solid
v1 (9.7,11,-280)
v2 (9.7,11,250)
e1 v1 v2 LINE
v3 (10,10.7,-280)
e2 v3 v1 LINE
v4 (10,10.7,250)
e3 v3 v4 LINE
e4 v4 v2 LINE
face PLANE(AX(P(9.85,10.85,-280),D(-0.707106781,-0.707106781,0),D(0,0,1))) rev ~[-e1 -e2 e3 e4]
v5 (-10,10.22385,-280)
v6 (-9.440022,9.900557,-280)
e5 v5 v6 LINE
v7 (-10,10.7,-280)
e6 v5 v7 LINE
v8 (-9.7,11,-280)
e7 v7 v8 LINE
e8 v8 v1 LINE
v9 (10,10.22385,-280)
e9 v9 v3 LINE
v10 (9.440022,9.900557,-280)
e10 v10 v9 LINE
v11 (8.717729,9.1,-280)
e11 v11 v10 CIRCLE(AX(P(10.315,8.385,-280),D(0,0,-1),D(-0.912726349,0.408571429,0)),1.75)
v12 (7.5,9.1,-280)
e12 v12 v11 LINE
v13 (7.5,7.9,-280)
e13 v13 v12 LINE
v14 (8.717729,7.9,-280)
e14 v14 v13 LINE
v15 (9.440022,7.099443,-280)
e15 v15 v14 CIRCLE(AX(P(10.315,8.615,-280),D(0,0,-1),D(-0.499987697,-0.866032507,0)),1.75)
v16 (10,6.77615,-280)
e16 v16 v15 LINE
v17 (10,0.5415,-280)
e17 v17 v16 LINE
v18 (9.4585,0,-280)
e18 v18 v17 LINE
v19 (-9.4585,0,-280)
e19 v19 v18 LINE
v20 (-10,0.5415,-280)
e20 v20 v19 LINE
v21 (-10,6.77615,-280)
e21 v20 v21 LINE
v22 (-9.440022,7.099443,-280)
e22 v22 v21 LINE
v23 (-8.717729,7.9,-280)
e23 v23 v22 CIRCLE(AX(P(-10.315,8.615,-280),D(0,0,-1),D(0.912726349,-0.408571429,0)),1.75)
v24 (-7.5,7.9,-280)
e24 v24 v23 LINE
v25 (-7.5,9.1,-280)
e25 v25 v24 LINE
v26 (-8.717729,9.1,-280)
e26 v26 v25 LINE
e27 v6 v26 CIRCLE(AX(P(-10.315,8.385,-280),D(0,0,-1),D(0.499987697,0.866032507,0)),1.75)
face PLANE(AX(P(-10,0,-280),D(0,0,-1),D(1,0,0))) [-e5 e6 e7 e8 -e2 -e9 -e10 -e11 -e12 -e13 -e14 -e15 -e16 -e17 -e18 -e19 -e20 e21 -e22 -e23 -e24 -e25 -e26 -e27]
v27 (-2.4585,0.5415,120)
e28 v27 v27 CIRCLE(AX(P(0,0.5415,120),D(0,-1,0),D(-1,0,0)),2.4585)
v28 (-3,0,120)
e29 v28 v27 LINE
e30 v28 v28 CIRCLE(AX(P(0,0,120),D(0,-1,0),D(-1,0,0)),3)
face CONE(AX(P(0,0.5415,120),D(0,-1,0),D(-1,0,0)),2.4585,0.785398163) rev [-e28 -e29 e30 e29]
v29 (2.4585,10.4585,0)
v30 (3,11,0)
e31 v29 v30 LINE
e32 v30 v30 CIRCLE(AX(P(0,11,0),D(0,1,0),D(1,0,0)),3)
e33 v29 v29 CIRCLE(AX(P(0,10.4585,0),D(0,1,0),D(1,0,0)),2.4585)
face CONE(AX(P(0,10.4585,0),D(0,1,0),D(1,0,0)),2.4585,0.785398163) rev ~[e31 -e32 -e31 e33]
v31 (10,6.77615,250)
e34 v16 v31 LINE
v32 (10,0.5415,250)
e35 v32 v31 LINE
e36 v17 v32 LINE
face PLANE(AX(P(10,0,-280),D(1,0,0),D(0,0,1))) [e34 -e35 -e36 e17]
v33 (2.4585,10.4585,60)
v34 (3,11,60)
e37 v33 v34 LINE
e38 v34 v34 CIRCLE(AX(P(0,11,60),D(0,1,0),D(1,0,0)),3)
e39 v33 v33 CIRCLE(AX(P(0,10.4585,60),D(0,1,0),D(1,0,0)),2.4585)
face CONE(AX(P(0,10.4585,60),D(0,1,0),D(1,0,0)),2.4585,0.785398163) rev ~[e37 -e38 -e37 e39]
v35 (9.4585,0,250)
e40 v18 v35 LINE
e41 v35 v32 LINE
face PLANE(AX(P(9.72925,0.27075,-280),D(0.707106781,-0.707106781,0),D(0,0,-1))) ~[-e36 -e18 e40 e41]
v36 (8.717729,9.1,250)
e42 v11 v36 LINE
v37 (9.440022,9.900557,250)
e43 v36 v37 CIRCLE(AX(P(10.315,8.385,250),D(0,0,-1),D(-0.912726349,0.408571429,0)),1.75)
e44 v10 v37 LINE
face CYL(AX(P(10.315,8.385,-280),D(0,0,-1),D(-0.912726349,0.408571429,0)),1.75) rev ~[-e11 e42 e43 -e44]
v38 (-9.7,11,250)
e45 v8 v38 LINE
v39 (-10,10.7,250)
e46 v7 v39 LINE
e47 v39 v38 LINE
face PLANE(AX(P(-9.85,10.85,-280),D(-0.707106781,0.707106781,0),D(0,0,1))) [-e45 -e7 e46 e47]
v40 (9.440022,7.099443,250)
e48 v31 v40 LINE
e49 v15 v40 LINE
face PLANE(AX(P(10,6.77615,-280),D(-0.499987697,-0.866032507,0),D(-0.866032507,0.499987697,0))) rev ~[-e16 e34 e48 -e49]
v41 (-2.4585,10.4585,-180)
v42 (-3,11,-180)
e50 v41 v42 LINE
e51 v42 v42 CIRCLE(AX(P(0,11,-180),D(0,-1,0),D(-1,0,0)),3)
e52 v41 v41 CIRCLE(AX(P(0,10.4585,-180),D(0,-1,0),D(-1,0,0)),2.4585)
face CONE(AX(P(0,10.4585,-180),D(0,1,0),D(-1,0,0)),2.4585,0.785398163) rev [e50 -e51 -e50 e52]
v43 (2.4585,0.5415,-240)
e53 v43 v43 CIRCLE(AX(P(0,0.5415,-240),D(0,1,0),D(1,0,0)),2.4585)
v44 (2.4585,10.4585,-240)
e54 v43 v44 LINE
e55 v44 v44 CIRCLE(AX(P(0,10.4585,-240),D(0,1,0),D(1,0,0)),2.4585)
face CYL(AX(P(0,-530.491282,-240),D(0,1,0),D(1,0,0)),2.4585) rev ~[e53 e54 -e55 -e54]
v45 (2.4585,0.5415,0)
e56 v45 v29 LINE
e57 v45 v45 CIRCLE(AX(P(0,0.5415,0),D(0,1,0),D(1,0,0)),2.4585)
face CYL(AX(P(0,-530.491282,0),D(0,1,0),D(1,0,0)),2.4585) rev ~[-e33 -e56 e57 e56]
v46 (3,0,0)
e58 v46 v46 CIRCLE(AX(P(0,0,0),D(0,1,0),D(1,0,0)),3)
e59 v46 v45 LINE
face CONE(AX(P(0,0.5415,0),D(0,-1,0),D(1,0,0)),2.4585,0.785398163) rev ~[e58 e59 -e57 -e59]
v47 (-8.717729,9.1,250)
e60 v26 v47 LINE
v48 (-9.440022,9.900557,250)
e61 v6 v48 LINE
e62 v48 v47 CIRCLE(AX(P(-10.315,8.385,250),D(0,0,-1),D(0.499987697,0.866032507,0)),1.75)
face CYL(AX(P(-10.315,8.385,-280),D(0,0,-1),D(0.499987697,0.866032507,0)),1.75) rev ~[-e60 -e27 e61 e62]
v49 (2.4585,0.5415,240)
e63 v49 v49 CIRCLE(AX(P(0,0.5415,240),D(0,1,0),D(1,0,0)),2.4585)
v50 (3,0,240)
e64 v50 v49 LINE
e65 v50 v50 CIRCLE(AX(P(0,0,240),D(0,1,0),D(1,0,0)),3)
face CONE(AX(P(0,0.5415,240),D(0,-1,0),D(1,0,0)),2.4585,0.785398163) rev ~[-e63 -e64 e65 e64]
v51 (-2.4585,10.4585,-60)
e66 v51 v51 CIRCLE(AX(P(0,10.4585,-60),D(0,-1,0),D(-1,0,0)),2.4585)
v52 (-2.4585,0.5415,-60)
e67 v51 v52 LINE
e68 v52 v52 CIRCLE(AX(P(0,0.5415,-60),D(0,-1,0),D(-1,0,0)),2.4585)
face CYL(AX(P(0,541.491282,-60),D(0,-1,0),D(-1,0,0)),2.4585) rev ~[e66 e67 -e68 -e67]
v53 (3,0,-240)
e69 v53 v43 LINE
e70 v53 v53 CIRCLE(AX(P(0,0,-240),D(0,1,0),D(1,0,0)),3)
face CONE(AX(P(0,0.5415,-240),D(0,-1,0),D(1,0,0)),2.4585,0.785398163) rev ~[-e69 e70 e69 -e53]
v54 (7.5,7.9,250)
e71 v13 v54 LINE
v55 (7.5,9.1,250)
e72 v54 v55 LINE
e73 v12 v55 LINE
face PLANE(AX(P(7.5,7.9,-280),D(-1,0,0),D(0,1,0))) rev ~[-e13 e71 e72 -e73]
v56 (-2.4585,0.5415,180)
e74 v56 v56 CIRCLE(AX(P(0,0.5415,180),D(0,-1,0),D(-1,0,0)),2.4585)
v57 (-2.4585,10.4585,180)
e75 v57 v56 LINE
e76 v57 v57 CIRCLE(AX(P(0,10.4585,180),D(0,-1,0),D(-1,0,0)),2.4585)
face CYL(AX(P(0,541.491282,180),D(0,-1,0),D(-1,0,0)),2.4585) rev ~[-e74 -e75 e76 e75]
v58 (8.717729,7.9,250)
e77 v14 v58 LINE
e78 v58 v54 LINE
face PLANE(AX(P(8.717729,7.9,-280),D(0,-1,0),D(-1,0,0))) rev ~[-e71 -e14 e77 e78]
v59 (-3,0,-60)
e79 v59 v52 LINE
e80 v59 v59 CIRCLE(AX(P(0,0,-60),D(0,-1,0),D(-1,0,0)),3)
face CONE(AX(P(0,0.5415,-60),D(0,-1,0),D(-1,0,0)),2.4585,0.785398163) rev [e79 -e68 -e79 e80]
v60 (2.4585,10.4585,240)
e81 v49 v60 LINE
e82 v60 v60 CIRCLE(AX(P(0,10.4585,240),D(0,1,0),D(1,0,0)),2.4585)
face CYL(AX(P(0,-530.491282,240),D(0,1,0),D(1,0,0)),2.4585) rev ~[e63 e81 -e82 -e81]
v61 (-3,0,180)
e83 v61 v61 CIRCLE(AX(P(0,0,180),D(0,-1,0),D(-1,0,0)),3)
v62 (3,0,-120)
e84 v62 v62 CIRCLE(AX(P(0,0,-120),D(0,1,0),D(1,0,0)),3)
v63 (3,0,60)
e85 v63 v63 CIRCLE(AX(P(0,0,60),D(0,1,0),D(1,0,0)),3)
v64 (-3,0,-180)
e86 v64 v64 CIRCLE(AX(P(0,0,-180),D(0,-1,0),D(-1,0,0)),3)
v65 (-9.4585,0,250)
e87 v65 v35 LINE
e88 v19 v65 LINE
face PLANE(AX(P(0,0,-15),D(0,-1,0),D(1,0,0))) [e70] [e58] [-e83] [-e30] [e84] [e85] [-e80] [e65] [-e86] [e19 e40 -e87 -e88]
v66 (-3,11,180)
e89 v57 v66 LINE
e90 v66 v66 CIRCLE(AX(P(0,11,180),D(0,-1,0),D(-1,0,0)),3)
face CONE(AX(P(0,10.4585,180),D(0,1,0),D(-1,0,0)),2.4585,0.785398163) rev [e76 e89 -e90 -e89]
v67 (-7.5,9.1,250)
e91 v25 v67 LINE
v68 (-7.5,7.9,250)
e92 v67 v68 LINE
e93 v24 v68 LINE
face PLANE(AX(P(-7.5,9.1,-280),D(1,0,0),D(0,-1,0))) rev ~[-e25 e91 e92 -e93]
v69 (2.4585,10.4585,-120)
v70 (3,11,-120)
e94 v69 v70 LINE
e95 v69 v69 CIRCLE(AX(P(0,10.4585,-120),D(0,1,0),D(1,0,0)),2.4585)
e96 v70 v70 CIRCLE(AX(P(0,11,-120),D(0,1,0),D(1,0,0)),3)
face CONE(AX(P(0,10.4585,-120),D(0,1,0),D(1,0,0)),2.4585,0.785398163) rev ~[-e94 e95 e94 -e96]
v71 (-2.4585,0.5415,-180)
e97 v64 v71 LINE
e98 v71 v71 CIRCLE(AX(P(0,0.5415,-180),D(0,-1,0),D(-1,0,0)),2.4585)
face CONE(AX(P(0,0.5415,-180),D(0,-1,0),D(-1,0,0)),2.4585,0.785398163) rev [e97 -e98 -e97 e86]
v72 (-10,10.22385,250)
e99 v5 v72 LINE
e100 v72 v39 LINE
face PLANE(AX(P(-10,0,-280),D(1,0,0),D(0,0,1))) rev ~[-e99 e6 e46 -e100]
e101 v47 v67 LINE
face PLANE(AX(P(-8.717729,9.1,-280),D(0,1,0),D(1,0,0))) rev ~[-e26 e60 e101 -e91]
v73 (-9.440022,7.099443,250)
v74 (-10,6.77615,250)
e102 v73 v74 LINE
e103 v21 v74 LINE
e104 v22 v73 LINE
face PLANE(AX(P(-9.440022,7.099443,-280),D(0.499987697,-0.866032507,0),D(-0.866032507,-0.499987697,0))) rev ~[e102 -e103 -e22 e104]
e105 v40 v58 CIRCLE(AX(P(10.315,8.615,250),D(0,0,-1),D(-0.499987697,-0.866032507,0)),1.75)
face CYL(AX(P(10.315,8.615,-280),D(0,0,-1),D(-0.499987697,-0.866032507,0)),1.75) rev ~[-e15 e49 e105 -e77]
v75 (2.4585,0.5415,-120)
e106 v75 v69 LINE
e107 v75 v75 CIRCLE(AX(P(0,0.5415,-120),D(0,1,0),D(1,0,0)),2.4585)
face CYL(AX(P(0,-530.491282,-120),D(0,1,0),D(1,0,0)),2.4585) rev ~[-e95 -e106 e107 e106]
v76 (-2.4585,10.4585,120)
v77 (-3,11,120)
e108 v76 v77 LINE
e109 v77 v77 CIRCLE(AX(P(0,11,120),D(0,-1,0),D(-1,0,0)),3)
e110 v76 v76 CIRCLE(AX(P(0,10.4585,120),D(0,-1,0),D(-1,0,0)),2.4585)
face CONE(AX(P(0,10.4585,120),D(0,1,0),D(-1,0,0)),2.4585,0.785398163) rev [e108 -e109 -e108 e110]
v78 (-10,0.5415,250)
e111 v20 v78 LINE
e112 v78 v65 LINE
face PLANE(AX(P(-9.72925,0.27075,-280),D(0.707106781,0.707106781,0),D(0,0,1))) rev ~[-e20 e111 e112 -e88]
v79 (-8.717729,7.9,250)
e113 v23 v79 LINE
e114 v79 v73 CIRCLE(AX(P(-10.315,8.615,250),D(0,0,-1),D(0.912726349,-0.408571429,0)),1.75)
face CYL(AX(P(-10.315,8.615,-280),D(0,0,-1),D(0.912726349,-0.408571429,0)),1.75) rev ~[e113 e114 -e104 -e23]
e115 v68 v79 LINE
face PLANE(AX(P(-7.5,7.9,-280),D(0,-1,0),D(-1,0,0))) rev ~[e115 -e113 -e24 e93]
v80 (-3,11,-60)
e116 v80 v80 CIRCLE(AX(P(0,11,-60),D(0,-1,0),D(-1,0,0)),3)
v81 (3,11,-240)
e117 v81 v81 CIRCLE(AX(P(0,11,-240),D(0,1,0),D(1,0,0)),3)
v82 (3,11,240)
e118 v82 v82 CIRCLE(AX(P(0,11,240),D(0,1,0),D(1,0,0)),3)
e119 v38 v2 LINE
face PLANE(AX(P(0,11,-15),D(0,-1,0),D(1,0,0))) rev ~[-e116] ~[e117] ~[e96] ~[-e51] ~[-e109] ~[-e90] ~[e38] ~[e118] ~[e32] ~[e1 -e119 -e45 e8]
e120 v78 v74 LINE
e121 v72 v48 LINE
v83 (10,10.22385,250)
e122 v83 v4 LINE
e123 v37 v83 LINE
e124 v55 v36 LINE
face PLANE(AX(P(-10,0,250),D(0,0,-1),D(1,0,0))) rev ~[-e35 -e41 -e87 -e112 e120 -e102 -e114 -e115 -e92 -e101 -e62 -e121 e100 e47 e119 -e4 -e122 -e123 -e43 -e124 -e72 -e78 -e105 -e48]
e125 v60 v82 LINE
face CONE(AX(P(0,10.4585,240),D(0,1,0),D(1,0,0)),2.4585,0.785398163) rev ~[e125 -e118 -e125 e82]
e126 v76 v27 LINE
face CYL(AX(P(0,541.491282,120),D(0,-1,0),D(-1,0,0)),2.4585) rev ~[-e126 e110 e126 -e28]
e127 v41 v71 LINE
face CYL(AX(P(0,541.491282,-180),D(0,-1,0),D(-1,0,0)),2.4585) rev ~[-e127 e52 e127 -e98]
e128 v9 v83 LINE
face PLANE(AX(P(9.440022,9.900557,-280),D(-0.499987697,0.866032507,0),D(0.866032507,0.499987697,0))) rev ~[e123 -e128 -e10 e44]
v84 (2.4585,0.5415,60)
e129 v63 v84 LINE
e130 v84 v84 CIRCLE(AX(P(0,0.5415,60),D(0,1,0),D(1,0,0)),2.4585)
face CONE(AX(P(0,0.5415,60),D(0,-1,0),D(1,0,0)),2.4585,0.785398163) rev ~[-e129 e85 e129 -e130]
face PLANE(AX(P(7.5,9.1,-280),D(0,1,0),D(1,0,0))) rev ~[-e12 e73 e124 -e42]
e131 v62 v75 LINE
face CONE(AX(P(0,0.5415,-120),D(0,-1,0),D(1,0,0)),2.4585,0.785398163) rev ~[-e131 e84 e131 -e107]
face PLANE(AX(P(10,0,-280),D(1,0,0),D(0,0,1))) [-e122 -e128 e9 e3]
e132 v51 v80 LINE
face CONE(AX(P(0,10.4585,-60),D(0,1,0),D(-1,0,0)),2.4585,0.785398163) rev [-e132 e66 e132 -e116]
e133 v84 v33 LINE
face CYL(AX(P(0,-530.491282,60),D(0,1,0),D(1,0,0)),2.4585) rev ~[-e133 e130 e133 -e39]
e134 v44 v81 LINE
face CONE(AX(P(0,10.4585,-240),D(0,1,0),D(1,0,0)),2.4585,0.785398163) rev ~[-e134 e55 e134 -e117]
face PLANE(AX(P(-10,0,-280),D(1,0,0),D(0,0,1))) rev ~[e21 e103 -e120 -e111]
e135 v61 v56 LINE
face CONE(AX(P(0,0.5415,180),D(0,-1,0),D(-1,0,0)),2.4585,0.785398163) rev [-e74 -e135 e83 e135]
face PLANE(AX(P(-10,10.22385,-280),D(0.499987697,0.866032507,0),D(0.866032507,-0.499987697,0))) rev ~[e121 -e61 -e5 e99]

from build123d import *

# Parameters (mm, degrees)
ESQUISSE1_W             = 20
ESQUISSE1_H             = 530
BOSS_EXTRU_1_DEPTH      = 11
ENL_V_MAT_EXTRU_1_DEPTH = 531.208449574
ENL_V_MAT_EXTRU_2_DEPTH = 531.208449574
ENL_V_MAT_EXTRU_3_DEPTH = 531.208449574
ENL_V_MAT_EXTRU_4_DEPTH = 531.208449574
PER_AGE1_D              = 4.917
PER_AGE2_D              = 4.917
CHANFREIN1_SIZE         = 0.5415
CHANFREIN2_SIZE         = 0.3


with BuildPart() as part:
    # Esquisse1 → Boss.-Extru.1 (new body)
    with BuildSketch(Plane.XZ):
        with Locations((0, -15)):
            Rectangle(ESQUISSE1_W, ESQUISSE1_H)
    extrude(amount=-BOSS_EXTRU_1_DEPTH)

    # Esquisse2 → Enlèv. mat.-Extru.1 (cut, through all)
    with BuildSketch(Plane(origin=(0, 0, -280), x_dir=(-1, 0, 0), z_dir=(0, 0, -1))):
        with BuildLine():
            Line((10, 7.9), (10, 10.22385))
            Line((10, 10.22385), (9.440021531, 9.900556887))
            ThreePointArc((9.440021531, 9.900556887), (9.015681976, 9.557293765), (8.71772889, 9.1))
            Line((8.71772889, 9.1), (7.5, 9.1))
            Line((7.5, 9.1), (7.5, 7.9))
            Line((7.5, 7.9), (10, 7.9))
        make_face()
    extrude(amount=-ENL_V_MAT_EXTRU_1_DEPTH, mode=Mode.SUBTRACT)

    # Esquisse3 → Enlèv. mat.-Extru.2 (cut, through all)
    with BuildSketch(Plane(origin=(0, 0, -280), x_dir=(-1, 0, 0), z_dir=(0, 0, -1))):
        with BuildLine():
            Line((9.440021531, 7.099443113), (10, 6.77615))
            Line((10, 6.77615), (10, 7.9))
            Line((10, 7.9), (8.71772889, 7.9))
            ThreePointArc((8.71772889, 7.9), (9.015681976, 7.442706235), (9.440021531, 7.099443113))
        make_face()
    extrude(amount=-ENL_V_MAT_EXTRU_2_DEPTH, mode=Mode.SUBTRACT)

    # Esquisse4 → Enlèv. mat.-Extru.3 (cut, through all)
    with BuildSketch(Plane(origin=(0, 0, -280), x_dir=(-1, 0, 0), z_dir=(0, 0, -1))):
        with BuildLine():
            Line((-10, 9.1), (-10, 6.77615))
            Line((-10, 6.77615), (-9.440021531, 7.099443113))
            ThreePointArc((-9.440021531, 7.099443113), (-9.015681976, 7.442706235), (-8.71772889, 7.9))
            Line((-8.71772889, 7.9), (-7.5, 7.9))
            Line((-7.5, 7.9), (-7.5, 9.1))
            Line((-7.5, 9.1), (-10, 9.1))
        make_face()
    extrude(amount=-ENL_V_MAT_EXTRU_3_DEPTH, mode=Mode.SUBTRACT)

    # Esquisse5 → Enlèv. mat.-Extru.4 (cut, through all)
    with BuildSketch(Plane(origin=(0, 0, -280), x_dir=(-1, 0, 0), z_dir=(0, 0, -1))):
        with BuildLine():
            Line((-9.440021531, 9.900556887), (-10, 10.22385))
            Line((-10, 10.22385), (-10, 9.1))
            Line((-10, 9.1), (-8.71772889, 9.1))
            ThreePointArc((-8.71772889, 9.1), (-9.015681976, 9.557293765), (-9.440021531, 9.900556887))
        make_face()
    extrude(amount=-ENL_V_MAT_EXTRU_4_DEPTH, mode=Mode.SUBTRACT)

    # Perçage1 (through all)
    with Locations(Plane(origin=(0, 11, 0), x_dir=(1, 0, 0), z_dir=(0, 1, 0))):
        with Locations((0, -180), (0, -120), (0, 60), (0, 180)):
            Hole(PER_AGE1_D / 2)

    # Perçage2 (through all)
    with Locations(Plane(origin=(0, 0, 0), x_dir=(-1, 0, 0), z_dir=(0, -1, 0))):
        with Locations((0, -240), (0, -60), (0, 0), (0, 120), (0, 240)):
            Hole(PER_AGE2_D / 2)

    # Chanfrein1
    chanfrein1_edges = [part.edges().sort_by_distance(p)[0] for p in [
        (2.4585, 11, 180),
        (2.4585, 0, 180),
        (-2.4585, 0, -240),
        (-2.4585, 11, -240),
        (-2.4585, 0, -120),
        (-2.4585, 11, -120),
        (-2.4585, 0, 0),
        (-2.4585, 11, 0),
        (-2.4585, 0, 60),
        (-2.4585, 11, 60),
        (-2.4585, 0, 240),
        (-2.4585, 11, 240),
        (10, 0, -15),
        (-10, 0, -15),
        (2.4585, 11, -180),
        (2.4585, 0, -180),
        (2.4585, 11, -60),
        (2.4585, 0, -60),
        (2.4585, 11, 120),
        (2.4585, 0, 120),
    ]]
    chamfer(chanfrein1_edges, length=CHANFREIN1_SIZE)

    # Chanfrein2
    chanfrein2_edges = [part.edges().sort_by_distance(p)[0] for p in [
        (10, 11, -15),
        (-10, 11, -15),
    ]]
    chamfer(chanfrein2_edges, length=CHANFREIN2_SIZE)


solid = part.part
